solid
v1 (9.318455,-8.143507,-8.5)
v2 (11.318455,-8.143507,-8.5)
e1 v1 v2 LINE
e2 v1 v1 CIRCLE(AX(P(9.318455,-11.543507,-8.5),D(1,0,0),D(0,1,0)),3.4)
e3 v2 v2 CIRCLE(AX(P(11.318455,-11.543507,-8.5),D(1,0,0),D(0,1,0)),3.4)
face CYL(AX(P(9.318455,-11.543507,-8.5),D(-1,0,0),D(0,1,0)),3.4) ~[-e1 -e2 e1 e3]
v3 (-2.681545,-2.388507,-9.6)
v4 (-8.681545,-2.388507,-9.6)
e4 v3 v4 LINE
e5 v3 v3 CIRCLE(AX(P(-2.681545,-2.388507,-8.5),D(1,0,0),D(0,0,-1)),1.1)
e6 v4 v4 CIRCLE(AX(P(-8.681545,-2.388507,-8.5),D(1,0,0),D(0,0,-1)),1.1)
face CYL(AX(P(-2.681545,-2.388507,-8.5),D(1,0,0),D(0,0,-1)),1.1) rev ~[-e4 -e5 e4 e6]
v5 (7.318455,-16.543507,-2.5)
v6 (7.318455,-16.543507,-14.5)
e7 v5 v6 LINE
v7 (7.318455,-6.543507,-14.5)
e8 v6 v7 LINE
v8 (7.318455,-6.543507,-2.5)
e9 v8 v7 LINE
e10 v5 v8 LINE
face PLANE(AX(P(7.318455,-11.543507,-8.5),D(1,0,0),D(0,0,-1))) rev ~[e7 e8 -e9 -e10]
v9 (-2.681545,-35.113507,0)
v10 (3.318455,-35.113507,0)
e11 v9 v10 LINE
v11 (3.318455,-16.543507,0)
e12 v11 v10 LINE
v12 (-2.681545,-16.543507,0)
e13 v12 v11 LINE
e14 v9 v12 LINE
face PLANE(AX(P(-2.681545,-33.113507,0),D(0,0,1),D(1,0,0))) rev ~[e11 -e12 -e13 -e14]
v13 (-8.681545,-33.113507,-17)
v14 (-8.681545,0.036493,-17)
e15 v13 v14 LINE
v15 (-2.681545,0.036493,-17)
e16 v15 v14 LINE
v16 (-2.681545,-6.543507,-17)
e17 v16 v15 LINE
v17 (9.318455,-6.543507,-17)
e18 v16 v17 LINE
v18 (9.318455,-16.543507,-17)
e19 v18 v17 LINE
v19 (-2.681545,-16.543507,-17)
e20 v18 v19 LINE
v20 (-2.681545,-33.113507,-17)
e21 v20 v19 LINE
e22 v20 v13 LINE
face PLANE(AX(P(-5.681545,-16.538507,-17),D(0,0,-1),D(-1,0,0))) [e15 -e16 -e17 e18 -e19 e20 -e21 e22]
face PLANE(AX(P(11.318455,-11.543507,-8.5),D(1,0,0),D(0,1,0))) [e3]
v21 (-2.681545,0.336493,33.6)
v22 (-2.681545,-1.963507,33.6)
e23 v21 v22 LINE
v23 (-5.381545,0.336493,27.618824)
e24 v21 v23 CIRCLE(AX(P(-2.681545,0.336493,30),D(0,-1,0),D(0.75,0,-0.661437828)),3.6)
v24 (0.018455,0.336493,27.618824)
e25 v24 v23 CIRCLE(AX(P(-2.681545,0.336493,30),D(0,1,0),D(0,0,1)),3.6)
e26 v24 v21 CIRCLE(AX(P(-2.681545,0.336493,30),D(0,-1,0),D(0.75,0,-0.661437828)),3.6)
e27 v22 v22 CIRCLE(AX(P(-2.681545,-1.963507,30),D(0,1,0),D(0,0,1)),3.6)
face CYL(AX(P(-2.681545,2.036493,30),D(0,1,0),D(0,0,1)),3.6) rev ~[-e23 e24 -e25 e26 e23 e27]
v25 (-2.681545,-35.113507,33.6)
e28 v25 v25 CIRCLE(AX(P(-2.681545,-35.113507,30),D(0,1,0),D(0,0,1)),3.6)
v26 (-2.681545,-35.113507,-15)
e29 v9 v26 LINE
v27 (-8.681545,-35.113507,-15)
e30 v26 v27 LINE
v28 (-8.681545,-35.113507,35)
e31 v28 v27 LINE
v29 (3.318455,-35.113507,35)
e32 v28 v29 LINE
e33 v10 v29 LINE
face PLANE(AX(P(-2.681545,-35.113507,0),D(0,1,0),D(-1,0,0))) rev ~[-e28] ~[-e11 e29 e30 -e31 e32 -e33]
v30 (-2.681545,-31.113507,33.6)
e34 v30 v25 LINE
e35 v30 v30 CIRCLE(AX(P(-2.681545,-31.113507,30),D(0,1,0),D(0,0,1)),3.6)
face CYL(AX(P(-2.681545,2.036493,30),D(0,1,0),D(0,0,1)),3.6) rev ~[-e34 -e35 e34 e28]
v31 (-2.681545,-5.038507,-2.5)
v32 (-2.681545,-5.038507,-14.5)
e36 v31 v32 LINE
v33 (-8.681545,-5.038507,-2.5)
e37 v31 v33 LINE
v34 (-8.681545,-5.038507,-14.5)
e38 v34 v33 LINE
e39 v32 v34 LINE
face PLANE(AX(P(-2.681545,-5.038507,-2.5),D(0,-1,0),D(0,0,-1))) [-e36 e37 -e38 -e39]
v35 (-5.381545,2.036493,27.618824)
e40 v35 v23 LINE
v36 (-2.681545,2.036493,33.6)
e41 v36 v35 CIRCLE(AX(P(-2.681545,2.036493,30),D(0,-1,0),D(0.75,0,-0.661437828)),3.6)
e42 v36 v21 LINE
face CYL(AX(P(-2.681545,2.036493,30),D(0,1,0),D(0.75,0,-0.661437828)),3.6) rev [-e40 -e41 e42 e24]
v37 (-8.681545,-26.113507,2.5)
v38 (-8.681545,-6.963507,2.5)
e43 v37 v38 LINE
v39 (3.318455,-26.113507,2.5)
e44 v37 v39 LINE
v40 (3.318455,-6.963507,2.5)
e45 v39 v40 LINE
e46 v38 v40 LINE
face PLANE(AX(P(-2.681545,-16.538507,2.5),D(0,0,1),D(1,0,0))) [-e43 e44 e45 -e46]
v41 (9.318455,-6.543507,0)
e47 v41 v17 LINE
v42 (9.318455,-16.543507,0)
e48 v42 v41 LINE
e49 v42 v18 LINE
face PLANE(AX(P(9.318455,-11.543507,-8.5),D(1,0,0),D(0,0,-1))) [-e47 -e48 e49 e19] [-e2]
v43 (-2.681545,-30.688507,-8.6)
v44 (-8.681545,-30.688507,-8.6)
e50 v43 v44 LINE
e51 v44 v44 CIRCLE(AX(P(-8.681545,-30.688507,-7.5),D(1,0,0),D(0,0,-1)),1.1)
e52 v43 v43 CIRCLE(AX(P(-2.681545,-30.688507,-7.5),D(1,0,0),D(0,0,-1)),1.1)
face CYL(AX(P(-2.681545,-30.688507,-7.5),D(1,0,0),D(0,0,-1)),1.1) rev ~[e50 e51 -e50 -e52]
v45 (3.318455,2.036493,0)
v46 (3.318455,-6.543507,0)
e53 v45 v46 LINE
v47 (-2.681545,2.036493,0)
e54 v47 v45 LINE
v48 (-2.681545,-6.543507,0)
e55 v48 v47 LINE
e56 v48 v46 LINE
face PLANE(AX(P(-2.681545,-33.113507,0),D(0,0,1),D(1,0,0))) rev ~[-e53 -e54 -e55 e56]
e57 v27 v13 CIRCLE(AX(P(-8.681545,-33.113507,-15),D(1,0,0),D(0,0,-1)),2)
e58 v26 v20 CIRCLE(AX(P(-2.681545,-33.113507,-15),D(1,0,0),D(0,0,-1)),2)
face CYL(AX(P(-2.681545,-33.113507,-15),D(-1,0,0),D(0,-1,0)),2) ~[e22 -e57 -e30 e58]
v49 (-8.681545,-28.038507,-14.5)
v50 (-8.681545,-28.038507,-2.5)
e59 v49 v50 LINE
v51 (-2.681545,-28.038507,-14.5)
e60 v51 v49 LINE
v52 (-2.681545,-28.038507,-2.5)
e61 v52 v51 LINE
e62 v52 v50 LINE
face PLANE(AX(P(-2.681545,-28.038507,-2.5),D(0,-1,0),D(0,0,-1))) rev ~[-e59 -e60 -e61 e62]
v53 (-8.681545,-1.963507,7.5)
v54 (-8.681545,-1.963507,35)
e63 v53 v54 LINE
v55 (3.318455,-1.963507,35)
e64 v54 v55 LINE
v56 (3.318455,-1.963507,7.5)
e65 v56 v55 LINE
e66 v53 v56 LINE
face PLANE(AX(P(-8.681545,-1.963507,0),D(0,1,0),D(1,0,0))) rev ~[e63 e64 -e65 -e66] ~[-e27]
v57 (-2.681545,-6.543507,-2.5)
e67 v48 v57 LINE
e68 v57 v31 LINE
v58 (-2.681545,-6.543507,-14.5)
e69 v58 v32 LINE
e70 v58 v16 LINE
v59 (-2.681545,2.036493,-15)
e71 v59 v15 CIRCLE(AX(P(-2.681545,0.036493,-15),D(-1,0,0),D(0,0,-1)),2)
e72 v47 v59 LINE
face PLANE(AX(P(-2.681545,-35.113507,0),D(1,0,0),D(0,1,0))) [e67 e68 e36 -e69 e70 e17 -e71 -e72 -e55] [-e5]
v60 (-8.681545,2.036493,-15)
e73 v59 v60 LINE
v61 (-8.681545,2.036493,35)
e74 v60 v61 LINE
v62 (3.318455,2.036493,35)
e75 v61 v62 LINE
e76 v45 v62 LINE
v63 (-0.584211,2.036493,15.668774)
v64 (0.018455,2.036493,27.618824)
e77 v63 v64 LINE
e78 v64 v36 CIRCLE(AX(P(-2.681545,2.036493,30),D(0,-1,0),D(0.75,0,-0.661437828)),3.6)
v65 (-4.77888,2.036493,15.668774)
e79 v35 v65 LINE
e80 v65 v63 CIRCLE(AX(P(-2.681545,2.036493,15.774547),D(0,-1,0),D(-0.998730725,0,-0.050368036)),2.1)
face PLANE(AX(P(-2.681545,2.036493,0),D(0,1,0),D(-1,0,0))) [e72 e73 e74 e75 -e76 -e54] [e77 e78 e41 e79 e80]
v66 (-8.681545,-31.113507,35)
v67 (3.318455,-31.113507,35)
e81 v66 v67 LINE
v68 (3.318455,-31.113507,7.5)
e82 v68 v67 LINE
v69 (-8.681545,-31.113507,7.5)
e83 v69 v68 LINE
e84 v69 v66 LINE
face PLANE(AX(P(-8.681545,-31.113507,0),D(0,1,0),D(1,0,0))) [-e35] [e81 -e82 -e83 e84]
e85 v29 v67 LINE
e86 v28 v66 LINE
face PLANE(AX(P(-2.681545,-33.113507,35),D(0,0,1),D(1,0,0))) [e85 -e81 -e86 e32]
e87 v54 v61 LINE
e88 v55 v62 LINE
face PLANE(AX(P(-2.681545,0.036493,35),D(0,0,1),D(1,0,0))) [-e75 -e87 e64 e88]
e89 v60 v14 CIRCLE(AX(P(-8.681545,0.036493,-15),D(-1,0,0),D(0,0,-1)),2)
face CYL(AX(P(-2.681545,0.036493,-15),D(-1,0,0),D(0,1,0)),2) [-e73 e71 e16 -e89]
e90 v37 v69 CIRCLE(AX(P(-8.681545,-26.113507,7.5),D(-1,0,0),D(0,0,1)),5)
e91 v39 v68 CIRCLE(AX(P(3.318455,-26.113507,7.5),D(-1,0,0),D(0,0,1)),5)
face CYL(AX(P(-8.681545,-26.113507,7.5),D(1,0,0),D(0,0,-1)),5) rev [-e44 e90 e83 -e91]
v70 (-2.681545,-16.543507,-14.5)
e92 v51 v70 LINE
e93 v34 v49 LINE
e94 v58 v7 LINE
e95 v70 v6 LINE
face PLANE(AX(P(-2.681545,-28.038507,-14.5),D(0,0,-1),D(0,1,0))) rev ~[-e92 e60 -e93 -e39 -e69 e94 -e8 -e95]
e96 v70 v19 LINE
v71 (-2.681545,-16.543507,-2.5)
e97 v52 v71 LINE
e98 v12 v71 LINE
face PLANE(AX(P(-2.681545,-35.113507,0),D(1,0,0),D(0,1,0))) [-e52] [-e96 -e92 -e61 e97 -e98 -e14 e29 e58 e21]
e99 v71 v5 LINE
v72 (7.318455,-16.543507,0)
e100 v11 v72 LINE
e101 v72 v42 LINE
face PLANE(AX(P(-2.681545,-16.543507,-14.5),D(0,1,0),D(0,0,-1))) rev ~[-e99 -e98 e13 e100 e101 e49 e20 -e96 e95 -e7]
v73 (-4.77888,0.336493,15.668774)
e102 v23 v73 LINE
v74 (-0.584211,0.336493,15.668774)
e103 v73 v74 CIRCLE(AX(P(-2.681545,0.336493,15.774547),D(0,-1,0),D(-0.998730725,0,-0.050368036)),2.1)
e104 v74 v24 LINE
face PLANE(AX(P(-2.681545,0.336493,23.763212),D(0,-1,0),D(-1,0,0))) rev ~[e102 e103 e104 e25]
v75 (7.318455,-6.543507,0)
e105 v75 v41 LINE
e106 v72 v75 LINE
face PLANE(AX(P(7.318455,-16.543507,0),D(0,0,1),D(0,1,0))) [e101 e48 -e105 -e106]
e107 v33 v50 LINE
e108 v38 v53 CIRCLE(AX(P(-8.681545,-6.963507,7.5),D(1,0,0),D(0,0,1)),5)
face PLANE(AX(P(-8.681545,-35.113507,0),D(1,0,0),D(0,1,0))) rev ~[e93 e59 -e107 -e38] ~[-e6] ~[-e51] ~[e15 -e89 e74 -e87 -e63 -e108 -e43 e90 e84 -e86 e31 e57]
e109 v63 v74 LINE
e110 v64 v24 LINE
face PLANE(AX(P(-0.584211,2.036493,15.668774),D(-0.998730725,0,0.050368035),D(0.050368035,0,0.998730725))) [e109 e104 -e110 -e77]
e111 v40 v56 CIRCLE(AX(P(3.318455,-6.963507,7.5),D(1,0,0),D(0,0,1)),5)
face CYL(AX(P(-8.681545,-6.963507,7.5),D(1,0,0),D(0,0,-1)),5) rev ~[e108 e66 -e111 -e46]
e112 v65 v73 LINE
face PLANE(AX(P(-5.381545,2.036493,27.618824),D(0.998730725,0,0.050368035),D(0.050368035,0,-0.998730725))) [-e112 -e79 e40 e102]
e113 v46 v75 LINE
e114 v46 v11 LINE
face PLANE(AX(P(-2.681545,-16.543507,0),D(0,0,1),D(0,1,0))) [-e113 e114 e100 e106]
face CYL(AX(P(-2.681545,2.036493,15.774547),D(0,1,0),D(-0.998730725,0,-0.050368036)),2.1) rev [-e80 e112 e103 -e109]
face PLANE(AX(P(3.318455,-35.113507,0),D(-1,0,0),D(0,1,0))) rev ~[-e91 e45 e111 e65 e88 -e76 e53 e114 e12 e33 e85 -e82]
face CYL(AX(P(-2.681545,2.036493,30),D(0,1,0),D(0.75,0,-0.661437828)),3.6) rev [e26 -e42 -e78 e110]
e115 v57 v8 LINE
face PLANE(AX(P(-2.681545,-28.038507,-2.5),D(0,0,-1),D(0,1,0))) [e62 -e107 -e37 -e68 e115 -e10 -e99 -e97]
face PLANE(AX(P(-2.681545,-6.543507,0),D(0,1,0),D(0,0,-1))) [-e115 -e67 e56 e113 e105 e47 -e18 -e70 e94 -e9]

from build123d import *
from build123d.topology import SkipClean

# Parameters (mm, degrees)
SKETCH2_W             = 12
SKETCH2_H             = 4
BOSS_EXTRUDE2_DEPTH   = 35
BOSS_EXTRUDE2_2_DEPTH = 35
SKETCH2_3_W           = 12
SKETCH2_3_H           = 29.15
BOSS_EXTRUDE3_DEPTH   = 2.5
SKETCH7_W             = 6
SKETCH7_H             = 37.15
BOSS_EXTRUDE4_DEPTH   = 17
CUT_EXTRUDE5_REACH    = 51.94
SKETCH8_R             = 1.1
SKETCH8_W             = 12
SKETCH8_H             = 23
CUT_EXTRUDE6_DEPTH    = 1.7
SKETCH10_R            = 3.6
CUT_EXTRUDE7_DEPTH    = 52.773465505
FILLET6_R             = 5
FILLET7_R             = 5
SKETCH12_W            = 2.5
SKETCH12_H            = 10
BOSS_EXTRUDE5_DEPTH   = 10
SKETCH13_W            = 17
SKETCH13_H            = 10
BOSS_EXTRUDE6_DEPTH   = 2
SKETCH14_R            = 3.4
BOSS_EXTRUDE7_DEPTH   = 2
FILLET8_R             = 2
FILLET9_R             = 2


with BuildPart() as part:
    # Sketch2 → Boss-Extrude2 (new body)
    with BuildSketch(Plane.XY):
        with Locations((-2.681545395, 0.036493048)):
            Rectangle(SKETCH2_W, SKETCH2_H)
    extrude(amount=BOSS_EXTRUDE2_DEPTH)

    # Sketch2<3> → Boss-Extrude3 (add)
    with BuildSketch(Plane.XY):
        with Locations((-2.681545395, -16.538506952)):
            Rectangle(SKETCH2_3_W, SKETCH2_3_H)
    extrude(amount=BOSS_EXTRUDE3_DEPTH)



with BuildPart() as body_2:
    # Sketch2 → Boss-Extrude2 2 (new body)
    with BuildSketch(Plane.XY):
        with Locations((-2.681545395, -33.113506952)):
            Rectangle(SKETCH2_W, SKETCH2_H)
    extrude(amount=BOSS_EXTRUDE2_2_DEPTH)


with BuildPart() as part_1:
    add(part.part)

    add(body_2.part)  # Boss-Extrude4 merges body 2
    # Sketch7 → Boss-Extrude4 (add)
    with BuildSketch(Plane(origin=(0, 0, 0), x_dir=(-1, 0, 0), z_dir=(0, 0, -1))):
        with Locations((5.681545395, -16.538506952)):
            Rectangle(SKETCH7_W, SKETCH7_H)
    extrude(amount=BOSS_EXTRUDE4_DEPTH)

    # Sketch8 → Cut-Extrude5 (cut, up to next)
    with BuildSketch(Plane(origin=(-2.681545395, 0, 0), x_dir=(0, 0, -1), z_dir=(1, 0, 0)), mode=Mode.PRIVATE) as cut_extrude5_sk1:
        with Locations((8.5, -2.388506952)):
            Circle(SKETCH8_R)
    cut_extrude5_tool1 = extrude(cut_extrude5_sk1.sketch, amount=-CUT_EXTRUDE5_REACH, mode=Mode.PRIVATE) & part_1.part
    # Sketch8 → Cut-Extrude5 (cut, up to next)
    with BuildSketch(Plane(origin=(-2.681545395, 0, 0), x_dir=(0, 0, -1), z_dir=(1, 0, 0)), mode=Mode.PRIVATE) as cut_extrude5_sk2:
        with Locations((7.5, -30.688506952)):
            Circle(SKETCH8_R)
    cut_extrude5_tool2 = extrude(cut_extrude5_sk2.sketch, amount=-CUT_EXTRUDE5_REACH, mode=Mode.PRIVATE) & part_1.part
    # Sketch8 → Cut-Extrude5 (cut, up to next)
    with BuildSketch(Plane(origin=(-2.681545395, 0, 0), x_dir=(0, 0, -1), z_dir=(1, 0, 0)), mode=Mode.PRIVATE) as cut_extrude5_sk3:
        with Locations((8.5, -16.538506952)):
            Rectangle(SKETCH8_W, SKETCH8_H)
    cut_extrude5_tool3 = extrude(cut_extrude5_sk3.sketch, amount=-CUT_EXTRUDE5_REACH, mode=Mode.PRIVATE) & part_1.part
    add(cut_extrude5_tool1.solids().sort_by_distance((-2.681545, -2.388507, -8.5))[0], mode=Mode.SUBTRACT)
    add(cut_extrude5_tool2.solids().sort_by_distance((-2.681545, -30.688507, -7.5))[0], mode=Mode.SUBTRACT)
    add(cut_extrude5_tool3.solids().sort_by_distance((-2.681545, -16.538507, -8.5))[0], mode=Mode.SUBTRACT)

    # Sketch9 → Cut-Extrude6 (cut)
    with BuildSketch(Plane(origin=(0, 2.036493048, 0), x_dir=(1, 0, 0), z_dir=(0, 1, 0))):
        with BuildLine():
            Line((-0.584210872, -15.668774056), (0.018454605, -27.61882382))
            ThreePointArc((0.018454605, -27.61882382), (-2.681545395, -33.6), (-5.381545395, -27.61882382))
            Line((-5.381545395, -27.61882382), (-4.778879917, -15.668774056))
            ThreePointArc((-4.778879917, -15.668774056), (-2.681545395, -13.674546931), (-0.584210872, -15.668774056))
        make_face()
    extrude(amount=-CUT_EXTRUDE6_DEPTH, mode=Mode.SUBTRACT)

    # Sketch10 → Cut-Extrude7 (cut, through all)
    with BuildSketch(Plane(origin=(0, 2.036493048, 0), x_dir=(1, 0, 0), z_dir=(0, 1, 0))):
        with Locations((-2.681545395, -30)):
            Circle(SKETCH10_R)
    extrude(amount=-CUT_EXTRUDE7_DEPTH, mode=Mode.SUBTRACT)

    # Fillet6
    fillet6_edges = [part_1.edges().sort_by_distance(p)[0] for p in [
        (-2.681545395, -1.963506952, 2.5),
    ]]
    fillet(fillet6_edges, radius=FILLET6_R)

    # Fillet7
    fillet7_edges = [part_1.edges().sort_by_distance(p)[0] for p in [
        (-2.681545395, -31.113506952, 2.5),
    ]]
    fillet(fillet7_edges, radius=FILLET7_R)

    # Sketch12 → Boss-Extrude5 (add)
    with SkipClean():  # the faces are left unmerged after this step: merging them gives an invalid solid
        with BuildSketch(Plane(origin=(-2.681545395, 0, 0), x_dir=(0, 0, -1), z_dir=(1, 0, 0))):
            with Locations((1.25, -11.543506952)):
                Rectangle(SKETCH12_W, SKETCH12_H)
            with Locations((15.75, -11.543506952)):
                Rectangle(SKETCH12_W, SKETCH12_H)
        extrude(amount=BOSS_EXTRUDE5_DEPTH)

    # Sketch13 → Boss-Extrude6 (add)
    with SkipClean():  # the faces are left unmerged after this step: merging them gives an invalid solid
        with BuildSketch(Plane(origin=(7.318454605, 0, 0), x_dir=(0, 0, -1), z_dir=(1, 0, 0))):
            with Locations((8.5, -11.543506952)):
                Rectangle(SKETCH13_W, SKETCH13_H)
        extrude(amount=BOSS_EXTRUDE6_DEPTH)

    # Sketch14 → Boss-Extrude7 (add)
    with SkipClean():  # the faces are left unmerged after this step: merging them gives an invalid solid
        with BuildSketch(Plane(origin=(9.318454605, 0, 0), x_dir=(0, 0, -1), z_dir=(1, 0, 0))):
            with Locations((8.5, -11.543506952)):
                Circle(SKETCH14_R)
        extrude(amount=BOSS_EXTRUDE7_DEPTH)

    # Fillet8
    fillet8_edges = [part_1.edges().sort_by_distance(p)[0] for p in [
        (-5.681545395, 2.036493048, -17),
    ]]
    fillet(fillet8_edges, radius=FILLET8_R)

    # Fillet9
    fillet9_edges = [part_1.edges().sort_by_distance(p)[0] for p in [
        (-5.681545395, -35.113506952, -17),
    ]]
    fillet(fillet9_edges, radius=FILLET9_R)


solid = part_1.part
